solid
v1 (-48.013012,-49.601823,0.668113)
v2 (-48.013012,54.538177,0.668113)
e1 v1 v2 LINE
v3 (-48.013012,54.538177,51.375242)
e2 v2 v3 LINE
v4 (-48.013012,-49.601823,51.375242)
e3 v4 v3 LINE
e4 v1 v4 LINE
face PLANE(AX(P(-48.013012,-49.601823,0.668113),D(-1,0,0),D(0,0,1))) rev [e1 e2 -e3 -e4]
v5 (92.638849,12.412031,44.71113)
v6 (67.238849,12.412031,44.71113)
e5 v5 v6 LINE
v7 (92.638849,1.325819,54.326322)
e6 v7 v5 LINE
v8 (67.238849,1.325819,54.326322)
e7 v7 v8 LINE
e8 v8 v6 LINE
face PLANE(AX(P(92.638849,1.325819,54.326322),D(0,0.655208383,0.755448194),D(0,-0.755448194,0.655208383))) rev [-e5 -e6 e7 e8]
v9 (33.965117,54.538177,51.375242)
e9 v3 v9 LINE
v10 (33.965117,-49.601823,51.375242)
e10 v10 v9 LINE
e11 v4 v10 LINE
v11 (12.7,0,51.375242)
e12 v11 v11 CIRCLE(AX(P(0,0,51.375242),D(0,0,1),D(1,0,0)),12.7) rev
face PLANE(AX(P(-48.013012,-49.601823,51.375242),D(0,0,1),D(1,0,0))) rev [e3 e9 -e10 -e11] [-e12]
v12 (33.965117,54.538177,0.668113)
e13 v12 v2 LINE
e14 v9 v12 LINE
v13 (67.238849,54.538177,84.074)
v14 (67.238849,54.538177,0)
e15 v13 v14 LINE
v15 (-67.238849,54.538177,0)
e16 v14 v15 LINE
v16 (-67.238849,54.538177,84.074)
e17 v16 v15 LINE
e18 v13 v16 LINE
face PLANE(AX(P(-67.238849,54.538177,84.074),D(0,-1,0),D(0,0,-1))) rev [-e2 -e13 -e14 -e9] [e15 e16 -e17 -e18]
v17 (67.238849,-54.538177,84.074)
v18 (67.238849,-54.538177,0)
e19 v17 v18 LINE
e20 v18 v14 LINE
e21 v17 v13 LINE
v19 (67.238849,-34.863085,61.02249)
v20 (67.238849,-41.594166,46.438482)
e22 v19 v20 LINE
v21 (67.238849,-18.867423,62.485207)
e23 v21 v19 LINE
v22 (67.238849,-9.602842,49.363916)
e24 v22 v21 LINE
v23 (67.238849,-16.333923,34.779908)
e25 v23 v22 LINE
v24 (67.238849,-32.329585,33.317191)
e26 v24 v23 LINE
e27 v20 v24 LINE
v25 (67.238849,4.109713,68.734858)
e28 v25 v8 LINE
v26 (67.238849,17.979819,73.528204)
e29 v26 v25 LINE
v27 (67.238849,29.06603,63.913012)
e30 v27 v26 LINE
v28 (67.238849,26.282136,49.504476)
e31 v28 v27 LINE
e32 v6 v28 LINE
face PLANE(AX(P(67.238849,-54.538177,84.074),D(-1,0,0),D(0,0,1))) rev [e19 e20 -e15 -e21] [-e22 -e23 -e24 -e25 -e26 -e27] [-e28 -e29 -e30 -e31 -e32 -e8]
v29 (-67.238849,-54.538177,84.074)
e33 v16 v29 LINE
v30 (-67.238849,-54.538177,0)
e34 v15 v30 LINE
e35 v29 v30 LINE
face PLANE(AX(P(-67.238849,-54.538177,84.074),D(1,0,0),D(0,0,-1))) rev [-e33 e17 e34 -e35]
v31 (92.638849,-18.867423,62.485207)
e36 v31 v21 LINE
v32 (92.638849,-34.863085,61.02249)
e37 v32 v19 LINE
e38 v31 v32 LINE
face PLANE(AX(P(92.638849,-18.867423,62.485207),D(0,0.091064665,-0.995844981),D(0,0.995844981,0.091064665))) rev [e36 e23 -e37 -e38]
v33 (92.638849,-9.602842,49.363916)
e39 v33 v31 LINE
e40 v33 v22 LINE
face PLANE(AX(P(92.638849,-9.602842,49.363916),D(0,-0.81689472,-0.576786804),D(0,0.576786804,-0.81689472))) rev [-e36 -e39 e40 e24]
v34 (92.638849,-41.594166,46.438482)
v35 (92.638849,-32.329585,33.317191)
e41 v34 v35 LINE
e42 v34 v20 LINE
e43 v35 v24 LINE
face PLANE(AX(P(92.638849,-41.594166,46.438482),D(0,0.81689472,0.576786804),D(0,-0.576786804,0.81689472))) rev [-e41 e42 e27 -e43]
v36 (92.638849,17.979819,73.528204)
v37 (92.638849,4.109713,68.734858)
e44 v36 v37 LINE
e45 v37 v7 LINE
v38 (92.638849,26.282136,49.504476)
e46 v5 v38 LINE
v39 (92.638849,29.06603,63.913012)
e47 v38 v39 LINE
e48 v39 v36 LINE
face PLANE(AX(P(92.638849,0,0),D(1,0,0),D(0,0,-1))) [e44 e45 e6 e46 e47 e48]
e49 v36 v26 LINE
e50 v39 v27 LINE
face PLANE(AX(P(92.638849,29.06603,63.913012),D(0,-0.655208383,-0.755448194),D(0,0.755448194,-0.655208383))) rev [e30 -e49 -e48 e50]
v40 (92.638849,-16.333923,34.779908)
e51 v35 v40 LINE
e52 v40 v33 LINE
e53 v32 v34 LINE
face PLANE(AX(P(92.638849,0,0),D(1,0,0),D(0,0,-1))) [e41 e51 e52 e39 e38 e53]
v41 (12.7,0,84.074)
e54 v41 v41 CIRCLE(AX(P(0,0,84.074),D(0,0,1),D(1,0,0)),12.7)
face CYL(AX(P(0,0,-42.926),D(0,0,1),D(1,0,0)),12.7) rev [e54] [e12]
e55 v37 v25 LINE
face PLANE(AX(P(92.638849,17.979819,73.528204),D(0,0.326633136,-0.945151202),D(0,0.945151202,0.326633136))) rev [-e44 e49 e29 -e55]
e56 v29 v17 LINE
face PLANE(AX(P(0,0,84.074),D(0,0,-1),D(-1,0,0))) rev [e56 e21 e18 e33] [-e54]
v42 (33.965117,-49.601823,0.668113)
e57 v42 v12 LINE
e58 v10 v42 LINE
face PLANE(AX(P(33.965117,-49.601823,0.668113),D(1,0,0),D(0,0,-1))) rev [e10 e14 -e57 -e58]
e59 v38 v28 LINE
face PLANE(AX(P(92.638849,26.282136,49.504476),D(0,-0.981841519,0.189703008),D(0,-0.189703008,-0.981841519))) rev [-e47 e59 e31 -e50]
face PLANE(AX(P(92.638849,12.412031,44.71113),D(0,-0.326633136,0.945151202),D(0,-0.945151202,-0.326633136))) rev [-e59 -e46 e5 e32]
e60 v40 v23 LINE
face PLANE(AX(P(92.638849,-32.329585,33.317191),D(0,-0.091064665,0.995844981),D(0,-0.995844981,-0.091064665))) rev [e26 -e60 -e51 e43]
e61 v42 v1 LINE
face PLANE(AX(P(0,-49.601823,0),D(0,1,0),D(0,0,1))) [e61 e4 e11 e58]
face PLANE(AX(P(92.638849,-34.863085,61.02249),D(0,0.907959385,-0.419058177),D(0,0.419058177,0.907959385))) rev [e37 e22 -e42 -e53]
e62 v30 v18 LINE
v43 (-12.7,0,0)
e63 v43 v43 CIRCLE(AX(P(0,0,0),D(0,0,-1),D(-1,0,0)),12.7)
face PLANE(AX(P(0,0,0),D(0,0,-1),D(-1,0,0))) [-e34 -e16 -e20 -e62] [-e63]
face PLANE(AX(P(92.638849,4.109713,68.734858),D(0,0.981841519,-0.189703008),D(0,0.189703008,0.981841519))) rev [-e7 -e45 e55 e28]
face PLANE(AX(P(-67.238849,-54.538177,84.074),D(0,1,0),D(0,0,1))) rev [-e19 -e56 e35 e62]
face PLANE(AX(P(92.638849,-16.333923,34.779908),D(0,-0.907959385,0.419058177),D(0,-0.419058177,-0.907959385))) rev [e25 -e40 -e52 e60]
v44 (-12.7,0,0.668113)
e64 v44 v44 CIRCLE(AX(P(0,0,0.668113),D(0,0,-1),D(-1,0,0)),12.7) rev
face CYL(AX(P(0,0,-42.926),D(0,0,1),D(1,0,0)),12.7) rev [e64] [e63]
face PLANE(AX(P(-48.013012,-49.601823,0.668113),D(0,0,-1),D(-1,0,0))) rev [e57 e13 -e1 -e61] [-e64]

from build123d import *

# Parameters (mm, degrees)
SKETCH2_W           = 134.477697302
SKETCH2_H           = 109.076354478
BOSS_EXTRUDE1_DEPTH = 84.074
SKETCH3_R           = 12.7
CUT_EXTRUDE1_DEPTH  = 127
SKETCH4_W           = 81.978128355
SKETCH4_H           = 50.707128689
CUT_EXTRUDE2_DEPTH  = 104.14
BOSS_EXTRUDE2_DEPTH = 25.4
BOSS_EXTRUDE3_DEPTH = 25.4


with BuildPart() as part:
    # Sketch2 → Boss-Extrude1 (new body)
    with BuildSketch(Plane.XY):
        Rectangle(SKETCH2_W, SKETCH2_H)
    extrude(amount=BOSS_EXTRUDE1_DEPTH)

    # Sketch3 → Cut-Extrude1 (cut)
    with BuildSketch(Plane.XY.offset(84.074)):
        Circle(SKETCH3_R)
    extrude(amount=-CUT_EXTRUDE1_DEPTH, mode=Mode.SUBTRACT)

    # Sketch4 → Cut-Extrude2 (cut)
    with BuildSketch(Plane(origin=(0, 54.538177239, 0), x_dir=(1, 0, 0), z_dir=(0, 1, 0))):
        with Locations((-7.023947617, -26.021677284)):
            Rectangle(SKETCH4_W, SKETCH4_H)
    extrude(amount=-CUT_EXTRUDE2_DEPTH, mode=Mode.SUBTRACT)

    # Sketch5 → Boss-Extrude2 (add)
    with BuildSketch(Plane(origin=(67.238848651, 0, 0), x_dir=(0, 0, -1), z_dir=(1, 0, 0))):
        Polygon((-54.326321663, 1.325818935), (-44.711130396, 12.412030691), (-49.504475775, 26.282136468), (-63.913012421, 29.06603049), (-73.528203689, 17.979818734), (-68.734858309, 4.109712956), align=None)
    extrude(amount=BOSS_EXTRUDE2_DEPTH)

    # Sketch6 → Boss-Extrude3 (add)
    with BuildSketch(Plane(origin=(67.238848651, 0, 0), x_dir=(0, 0, -1), z_dir=(1, 0, 0))):
        Polygon((-33.317190853, -32.329584791), (-34.779908073, -16.333922758), (-49.363916354, -9.602842013), (-62.485207415, -18.867423301), (-61.022490195, -34.863085333), (-46.438481914, -41.594166078), align=None)
    extrude(amount=BOSS_EXTRUDE3_DEPTH)


solid = part.part
